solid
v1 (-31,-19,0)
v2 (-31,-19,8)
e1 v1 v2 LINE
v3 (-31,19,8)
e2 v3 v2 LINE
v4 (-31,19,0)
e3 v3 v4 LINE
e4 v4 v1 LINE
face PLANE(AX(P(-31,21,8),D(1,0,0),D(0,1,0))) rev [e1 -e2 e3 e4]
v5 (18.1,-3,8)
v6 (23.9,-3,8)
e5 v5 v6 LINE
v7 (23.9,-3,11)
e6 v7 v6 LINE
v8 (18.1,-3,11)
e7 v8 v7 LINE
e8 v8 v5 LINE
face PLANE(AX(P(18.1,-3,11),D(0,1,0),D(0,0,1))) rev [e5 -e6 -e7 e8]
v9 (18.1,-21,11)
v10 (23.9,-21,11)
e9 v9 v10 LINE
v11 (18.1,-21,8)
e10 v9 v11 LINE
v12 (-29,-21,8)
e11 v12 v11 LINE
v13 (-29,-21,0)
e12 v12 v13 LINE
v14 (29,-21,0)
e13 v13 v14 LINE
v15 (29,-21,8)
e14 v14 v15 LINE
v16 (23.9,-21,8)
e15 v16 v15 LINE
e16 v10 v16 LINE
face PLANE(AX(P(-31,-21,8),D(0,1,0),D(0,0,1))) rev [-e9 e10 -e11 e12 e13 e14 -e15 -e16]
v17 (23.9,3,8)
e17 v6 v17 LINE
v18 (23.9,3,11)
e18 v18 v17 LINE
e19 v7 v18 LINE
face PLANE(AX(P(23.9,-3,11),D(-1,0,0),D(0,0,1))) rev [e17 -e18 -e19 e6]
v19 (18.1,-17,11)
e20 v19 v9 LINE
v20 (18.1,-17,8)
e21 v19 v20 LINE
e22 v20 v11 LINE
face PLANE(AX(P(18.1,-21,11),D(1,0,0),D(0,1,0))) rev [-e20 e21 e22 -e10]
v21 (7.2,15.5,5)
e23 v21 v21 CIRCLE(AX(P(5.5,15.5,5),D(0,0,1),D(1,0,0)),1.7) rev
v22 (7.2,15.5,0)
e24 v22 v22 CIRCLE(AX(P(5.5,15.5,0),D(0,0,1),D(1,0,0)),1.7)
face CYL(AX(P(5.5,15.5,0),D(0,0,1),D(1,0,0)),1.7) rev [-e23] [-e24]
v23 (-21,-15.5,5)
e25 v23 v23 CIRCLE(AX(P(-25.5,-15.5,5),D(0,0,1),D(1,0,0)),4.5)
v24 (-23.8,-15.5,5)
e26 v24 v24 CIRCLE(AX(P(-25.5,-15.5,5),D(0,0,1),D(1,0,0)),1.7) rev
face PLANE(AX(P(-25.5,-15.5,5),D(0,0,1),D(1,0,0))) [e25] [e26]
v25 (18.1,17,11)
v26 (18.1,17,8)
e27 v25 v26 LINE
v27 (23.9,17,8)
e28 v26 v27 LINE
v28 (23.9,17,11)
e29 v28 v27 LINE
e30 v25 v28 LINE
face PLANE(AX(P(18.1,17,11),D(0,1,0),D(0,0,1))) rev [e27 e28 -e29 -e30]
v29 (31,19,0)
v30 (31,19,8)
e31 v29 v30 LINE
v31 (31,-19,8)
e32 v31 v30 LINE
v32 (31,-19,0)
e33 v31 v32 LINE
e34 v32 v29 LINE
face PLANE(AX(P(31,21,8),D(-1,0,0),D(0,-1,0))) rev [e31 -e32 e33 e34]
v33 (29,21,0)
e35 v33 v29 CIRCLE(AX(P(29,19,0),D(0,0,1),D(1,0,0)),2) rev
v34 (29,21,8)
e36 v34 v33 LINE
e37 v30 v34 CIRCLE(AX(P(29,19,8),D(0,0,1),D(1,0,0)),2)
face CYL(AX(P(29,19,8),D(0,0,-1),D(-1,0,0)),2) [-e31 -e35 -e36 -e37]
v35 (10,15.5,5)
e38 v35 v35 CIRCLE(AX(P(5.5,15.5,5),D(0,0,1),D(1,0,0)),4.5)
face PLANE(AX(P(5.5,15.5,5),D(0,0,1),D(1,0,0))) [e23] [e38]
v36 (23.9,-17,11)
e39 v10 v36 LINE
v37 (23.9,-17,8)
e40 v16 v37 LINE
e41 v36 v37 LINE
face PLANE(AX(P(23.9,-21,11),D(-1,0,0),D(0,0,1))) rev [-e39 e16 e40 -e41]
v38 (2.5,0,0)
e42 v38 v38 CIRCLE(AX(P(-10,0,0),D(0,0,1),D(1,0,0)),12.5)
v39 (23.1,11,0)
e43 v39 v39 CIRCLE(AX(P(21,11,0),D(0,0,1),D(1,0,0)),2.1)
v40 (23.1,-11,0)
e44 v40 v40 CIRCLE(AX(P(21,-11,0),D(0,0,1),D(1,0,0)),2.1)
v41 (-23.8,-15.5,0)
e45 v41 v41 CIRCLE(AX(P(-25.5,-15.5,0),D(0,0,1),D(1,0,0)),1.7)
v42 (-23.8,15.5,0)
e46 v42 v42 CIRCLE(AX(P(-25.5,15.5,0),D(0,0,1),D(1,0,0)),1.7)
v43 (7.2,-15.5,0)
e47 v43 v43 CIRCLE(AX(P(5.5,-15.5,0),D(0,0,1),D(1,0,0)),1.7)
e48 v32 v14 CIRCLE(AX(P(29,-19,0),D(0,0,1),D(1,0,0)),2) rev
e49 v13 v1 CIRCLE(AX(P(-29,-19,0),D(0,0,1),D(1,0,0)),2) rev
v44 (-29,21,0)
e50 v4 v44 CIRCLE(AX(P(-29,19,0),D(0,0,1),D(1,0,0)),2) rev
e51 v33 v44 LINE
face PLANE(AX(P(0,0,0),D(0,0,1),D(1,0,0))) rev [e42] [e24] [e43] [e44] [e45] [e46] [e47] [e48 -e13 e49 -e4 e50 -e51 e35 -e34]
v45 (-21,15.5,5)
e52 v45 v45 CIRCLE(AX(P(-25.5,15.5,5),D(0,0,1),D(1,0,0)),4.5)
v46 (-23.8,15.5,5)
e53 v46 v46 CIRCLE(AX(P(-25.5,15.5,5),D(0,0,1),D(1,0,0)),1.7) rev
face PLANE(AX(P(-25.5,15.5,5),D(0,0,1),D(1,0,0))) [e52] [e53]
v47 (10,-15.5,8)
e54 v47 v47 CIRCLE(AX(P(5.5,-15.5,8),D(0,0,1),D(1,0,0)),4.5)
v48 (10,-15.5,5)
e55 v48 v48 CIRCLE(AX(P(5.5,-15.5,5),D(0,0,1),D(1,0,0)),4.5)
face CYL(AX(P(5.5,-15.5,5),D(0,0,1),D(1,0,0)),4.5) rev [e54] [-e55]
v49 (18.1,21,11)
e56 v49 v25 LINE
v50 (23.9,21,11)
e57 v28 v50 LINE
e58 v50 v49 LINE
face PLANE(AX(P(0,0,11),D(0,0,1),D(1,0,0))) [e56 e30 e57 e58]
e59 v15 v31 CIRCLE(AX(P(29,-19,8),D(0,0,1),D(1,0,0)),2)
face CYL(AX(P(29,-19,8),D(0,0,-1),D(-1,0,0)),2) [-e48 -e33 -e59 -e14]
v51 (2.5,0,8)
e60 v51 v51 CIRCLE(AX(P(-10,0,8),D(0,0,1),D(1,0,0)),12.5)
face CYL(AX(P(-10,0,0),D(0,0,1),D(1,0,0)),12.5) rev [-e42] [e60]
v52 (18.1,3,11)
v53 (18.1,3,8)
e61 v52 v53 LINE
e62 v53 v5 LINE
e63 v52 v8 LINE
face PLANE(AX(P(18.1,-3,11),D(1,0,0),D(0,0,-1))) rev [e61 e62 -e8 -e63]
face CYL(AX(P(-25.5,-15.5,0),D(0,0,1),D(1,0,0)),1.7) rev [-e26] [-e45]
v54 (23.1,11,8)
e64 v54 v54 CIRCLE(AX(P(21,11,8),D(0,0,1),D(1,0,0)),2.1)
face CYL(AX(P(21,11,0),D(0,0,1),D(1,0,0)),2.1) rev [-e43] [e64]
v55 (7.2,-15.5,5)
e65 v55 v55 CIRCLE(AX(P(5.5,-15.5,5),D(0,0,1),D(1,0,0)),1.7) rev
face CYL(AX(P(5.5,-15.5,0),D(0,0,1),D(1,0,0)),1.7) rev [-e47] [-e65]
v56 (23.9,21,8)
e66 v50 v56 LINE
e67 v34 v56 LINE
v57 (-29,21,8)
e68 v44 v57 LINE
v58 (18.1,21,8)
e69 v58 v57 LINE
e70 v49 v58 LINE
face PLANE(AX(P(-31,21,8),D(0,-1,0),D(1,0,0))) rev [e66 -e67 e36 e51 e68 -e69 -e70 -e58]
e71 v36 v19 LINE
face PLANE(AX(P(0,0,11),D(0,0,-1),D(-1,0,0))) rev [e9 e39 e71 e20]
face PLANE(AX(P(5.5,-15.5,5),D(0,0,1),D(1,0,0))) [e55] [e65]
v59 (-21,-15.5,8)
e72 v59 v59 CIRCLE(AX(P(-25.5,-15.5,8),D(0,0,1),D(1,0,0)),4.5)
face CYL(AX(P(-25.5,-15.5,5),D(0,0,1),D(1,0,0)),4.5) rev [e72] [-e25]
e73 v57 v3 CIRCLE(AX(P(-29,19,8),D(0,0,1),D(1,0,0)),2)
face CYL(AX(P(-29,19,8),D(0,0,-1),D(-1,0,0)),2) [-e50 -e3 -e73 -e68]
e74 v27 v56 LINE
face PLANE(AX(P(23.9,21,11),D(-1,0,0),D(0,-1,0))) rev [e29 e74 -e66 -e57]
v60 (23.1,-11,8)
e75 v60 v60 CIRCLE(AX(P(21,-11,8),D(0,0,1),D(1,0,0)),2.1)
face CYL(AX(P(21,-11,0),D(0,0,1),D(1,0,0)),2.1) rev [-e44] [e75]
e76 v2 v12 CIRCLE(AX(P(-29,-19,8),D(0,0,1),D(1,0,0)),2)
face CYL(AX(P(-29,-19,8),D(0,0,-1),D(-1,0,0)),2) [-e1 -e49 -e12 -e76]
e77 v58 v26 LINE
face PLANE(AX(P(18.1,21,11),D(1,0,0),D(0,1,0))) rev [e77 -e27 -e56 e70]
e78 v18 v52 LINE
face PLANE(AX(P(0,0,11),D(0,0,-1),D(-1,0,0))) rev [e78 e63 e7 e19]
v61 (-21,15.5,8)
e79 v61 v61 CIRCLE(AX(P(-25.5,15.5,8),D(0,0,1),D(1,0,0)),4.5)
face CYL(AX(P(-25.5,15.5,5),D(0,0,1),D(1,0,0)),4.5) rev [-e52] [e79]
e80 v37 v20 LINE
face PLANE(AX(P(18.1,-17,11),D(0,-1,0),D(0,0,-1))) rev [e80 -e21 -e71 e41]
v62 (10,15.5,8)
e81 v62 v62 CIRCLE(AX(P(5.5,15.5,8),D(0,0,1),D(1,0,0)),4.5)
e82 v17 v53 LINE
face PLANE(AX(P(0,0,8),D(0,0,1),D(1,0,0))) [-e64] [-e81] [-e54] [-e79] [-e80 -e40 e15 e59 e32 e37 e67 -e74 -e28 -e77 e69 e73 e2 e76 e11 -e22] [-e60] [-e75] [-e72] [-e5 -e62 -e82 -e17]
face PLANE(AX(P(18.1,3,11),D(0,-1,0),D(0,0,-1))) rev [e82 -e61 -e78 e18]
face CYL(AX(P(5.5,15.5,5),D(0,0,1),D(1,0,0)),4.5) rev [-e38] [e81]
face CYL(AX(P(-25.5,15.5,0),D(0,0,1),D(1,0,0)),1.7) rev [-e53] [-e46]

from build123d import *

# Parameters (mm, degrees)
ESQUISSE1_W             = 62
ESQUISSE1_H             = 42
BOSS_EXTRU_1_DEPTH      = 8
ESQUISSE2_R             = 2.1
ESQUISSE2_R_2           = 12.5
ESQUISSE2_R_3           = 1.7
ENL_V_MAT_EXTRU_1_DEPTH = 9
ESQUISSE3_W             = 5.8
ESQUISSE3_H             = 4
ESQUISSE3_H_2           = 6
BOSS_EXTRU_2_DEPTH      = 3
CONG_1_R                = 2
ESQUISSE4_R             = 4.5
ENL_V_MAT_EXTRU_2_DEPTH = 3


with BuildPart() as part:
    # Esquisse1 → Boss.-Extru.1 (new body)
    with BuildSketch(Plane.XY):
        Rectangle(ESQUISSE1_W, ESQUISSE1_H)
    extrude(amount=BOSS_EXTRU_1_DEPTH)

    # Esquisse2 → Enlèv. mat.-Extru.1 (cut, through all)
    with BuildSketch(Plane.XY.offset(8)):
        with Locations((21, 11)):
            Circle(ESQUISSE2_R)
        with Locations((21, -11)):
            Circle(ESQUISSE2_R)
        with Locations((-10, 0)):
            Circle(ESQUISSE2_R_2)
        with Locations((-25.5, 15.5)):
            Circle(ESQUISSE2_R_3)
        with Locations((5.5, 15.5)):
            Circle(ESQUISSE2_R_3)
        with Locations((5.5, -15.5)):
            Circle(ESQUISSE2_R_3)
        with Locations((-25.5, -15.5)):
            Circle(ESQUISSE2_R_3)
    extrude(amount=-ENL_V_MAT_EXTRU_1_DEPTH, mode=Mode.SUBTRACT)

    # Esquisse3 → Boss.-Extru.2 (add)
    with BuildSketch(Plane.XY.offset(8)):
        with Locations((21, 19)):
            Rectangle(ESQUISSE3_W, ESQUISSE3_H)
        with Locations((21, -19)):
            Rectangle(ESQUISSE3_W, ESQUISSE3_H)
        with Locations((21, 0)):
            Rectangle(ESQUISSE3_W, ESQUISSE3_H_2)
    extrude(amount=BOSS_EXTRU_2_DEPTH)

    # Congé1
    cong_1_edges = [part.edges().sort_by_distance(p)[0] for p in [
        (-31, 21, 4),
        (-31, -21, 4),
        (31, 21, 4),
        (31, -21, 4),
    ]]
    fillet(cong_1_edges, radius=CONG_1_R)

    # Esquisse4 → Enlèv. mat.-Extru.2 (cut)
    with BuildSketch(Plane.XY.offset(8)):
        with Locations((-25.5, 15.5)):
            Circle(ESQUISSE4_R)
        with Locations((-25.5, -15.5)):
            Circle(ESQUISSE4_R)
        with Locations((5.5, -15.5)):
            Circle(ESQUISSE4_R)
        with Locations((5.5, 15.5)):
            Circle(ESQUISSE4_R)
    extrude(amount=-ENL_V_MAT_EXTRU_2_DEPTH, mode=Mode.SUBTRACT)


solid = part.part
